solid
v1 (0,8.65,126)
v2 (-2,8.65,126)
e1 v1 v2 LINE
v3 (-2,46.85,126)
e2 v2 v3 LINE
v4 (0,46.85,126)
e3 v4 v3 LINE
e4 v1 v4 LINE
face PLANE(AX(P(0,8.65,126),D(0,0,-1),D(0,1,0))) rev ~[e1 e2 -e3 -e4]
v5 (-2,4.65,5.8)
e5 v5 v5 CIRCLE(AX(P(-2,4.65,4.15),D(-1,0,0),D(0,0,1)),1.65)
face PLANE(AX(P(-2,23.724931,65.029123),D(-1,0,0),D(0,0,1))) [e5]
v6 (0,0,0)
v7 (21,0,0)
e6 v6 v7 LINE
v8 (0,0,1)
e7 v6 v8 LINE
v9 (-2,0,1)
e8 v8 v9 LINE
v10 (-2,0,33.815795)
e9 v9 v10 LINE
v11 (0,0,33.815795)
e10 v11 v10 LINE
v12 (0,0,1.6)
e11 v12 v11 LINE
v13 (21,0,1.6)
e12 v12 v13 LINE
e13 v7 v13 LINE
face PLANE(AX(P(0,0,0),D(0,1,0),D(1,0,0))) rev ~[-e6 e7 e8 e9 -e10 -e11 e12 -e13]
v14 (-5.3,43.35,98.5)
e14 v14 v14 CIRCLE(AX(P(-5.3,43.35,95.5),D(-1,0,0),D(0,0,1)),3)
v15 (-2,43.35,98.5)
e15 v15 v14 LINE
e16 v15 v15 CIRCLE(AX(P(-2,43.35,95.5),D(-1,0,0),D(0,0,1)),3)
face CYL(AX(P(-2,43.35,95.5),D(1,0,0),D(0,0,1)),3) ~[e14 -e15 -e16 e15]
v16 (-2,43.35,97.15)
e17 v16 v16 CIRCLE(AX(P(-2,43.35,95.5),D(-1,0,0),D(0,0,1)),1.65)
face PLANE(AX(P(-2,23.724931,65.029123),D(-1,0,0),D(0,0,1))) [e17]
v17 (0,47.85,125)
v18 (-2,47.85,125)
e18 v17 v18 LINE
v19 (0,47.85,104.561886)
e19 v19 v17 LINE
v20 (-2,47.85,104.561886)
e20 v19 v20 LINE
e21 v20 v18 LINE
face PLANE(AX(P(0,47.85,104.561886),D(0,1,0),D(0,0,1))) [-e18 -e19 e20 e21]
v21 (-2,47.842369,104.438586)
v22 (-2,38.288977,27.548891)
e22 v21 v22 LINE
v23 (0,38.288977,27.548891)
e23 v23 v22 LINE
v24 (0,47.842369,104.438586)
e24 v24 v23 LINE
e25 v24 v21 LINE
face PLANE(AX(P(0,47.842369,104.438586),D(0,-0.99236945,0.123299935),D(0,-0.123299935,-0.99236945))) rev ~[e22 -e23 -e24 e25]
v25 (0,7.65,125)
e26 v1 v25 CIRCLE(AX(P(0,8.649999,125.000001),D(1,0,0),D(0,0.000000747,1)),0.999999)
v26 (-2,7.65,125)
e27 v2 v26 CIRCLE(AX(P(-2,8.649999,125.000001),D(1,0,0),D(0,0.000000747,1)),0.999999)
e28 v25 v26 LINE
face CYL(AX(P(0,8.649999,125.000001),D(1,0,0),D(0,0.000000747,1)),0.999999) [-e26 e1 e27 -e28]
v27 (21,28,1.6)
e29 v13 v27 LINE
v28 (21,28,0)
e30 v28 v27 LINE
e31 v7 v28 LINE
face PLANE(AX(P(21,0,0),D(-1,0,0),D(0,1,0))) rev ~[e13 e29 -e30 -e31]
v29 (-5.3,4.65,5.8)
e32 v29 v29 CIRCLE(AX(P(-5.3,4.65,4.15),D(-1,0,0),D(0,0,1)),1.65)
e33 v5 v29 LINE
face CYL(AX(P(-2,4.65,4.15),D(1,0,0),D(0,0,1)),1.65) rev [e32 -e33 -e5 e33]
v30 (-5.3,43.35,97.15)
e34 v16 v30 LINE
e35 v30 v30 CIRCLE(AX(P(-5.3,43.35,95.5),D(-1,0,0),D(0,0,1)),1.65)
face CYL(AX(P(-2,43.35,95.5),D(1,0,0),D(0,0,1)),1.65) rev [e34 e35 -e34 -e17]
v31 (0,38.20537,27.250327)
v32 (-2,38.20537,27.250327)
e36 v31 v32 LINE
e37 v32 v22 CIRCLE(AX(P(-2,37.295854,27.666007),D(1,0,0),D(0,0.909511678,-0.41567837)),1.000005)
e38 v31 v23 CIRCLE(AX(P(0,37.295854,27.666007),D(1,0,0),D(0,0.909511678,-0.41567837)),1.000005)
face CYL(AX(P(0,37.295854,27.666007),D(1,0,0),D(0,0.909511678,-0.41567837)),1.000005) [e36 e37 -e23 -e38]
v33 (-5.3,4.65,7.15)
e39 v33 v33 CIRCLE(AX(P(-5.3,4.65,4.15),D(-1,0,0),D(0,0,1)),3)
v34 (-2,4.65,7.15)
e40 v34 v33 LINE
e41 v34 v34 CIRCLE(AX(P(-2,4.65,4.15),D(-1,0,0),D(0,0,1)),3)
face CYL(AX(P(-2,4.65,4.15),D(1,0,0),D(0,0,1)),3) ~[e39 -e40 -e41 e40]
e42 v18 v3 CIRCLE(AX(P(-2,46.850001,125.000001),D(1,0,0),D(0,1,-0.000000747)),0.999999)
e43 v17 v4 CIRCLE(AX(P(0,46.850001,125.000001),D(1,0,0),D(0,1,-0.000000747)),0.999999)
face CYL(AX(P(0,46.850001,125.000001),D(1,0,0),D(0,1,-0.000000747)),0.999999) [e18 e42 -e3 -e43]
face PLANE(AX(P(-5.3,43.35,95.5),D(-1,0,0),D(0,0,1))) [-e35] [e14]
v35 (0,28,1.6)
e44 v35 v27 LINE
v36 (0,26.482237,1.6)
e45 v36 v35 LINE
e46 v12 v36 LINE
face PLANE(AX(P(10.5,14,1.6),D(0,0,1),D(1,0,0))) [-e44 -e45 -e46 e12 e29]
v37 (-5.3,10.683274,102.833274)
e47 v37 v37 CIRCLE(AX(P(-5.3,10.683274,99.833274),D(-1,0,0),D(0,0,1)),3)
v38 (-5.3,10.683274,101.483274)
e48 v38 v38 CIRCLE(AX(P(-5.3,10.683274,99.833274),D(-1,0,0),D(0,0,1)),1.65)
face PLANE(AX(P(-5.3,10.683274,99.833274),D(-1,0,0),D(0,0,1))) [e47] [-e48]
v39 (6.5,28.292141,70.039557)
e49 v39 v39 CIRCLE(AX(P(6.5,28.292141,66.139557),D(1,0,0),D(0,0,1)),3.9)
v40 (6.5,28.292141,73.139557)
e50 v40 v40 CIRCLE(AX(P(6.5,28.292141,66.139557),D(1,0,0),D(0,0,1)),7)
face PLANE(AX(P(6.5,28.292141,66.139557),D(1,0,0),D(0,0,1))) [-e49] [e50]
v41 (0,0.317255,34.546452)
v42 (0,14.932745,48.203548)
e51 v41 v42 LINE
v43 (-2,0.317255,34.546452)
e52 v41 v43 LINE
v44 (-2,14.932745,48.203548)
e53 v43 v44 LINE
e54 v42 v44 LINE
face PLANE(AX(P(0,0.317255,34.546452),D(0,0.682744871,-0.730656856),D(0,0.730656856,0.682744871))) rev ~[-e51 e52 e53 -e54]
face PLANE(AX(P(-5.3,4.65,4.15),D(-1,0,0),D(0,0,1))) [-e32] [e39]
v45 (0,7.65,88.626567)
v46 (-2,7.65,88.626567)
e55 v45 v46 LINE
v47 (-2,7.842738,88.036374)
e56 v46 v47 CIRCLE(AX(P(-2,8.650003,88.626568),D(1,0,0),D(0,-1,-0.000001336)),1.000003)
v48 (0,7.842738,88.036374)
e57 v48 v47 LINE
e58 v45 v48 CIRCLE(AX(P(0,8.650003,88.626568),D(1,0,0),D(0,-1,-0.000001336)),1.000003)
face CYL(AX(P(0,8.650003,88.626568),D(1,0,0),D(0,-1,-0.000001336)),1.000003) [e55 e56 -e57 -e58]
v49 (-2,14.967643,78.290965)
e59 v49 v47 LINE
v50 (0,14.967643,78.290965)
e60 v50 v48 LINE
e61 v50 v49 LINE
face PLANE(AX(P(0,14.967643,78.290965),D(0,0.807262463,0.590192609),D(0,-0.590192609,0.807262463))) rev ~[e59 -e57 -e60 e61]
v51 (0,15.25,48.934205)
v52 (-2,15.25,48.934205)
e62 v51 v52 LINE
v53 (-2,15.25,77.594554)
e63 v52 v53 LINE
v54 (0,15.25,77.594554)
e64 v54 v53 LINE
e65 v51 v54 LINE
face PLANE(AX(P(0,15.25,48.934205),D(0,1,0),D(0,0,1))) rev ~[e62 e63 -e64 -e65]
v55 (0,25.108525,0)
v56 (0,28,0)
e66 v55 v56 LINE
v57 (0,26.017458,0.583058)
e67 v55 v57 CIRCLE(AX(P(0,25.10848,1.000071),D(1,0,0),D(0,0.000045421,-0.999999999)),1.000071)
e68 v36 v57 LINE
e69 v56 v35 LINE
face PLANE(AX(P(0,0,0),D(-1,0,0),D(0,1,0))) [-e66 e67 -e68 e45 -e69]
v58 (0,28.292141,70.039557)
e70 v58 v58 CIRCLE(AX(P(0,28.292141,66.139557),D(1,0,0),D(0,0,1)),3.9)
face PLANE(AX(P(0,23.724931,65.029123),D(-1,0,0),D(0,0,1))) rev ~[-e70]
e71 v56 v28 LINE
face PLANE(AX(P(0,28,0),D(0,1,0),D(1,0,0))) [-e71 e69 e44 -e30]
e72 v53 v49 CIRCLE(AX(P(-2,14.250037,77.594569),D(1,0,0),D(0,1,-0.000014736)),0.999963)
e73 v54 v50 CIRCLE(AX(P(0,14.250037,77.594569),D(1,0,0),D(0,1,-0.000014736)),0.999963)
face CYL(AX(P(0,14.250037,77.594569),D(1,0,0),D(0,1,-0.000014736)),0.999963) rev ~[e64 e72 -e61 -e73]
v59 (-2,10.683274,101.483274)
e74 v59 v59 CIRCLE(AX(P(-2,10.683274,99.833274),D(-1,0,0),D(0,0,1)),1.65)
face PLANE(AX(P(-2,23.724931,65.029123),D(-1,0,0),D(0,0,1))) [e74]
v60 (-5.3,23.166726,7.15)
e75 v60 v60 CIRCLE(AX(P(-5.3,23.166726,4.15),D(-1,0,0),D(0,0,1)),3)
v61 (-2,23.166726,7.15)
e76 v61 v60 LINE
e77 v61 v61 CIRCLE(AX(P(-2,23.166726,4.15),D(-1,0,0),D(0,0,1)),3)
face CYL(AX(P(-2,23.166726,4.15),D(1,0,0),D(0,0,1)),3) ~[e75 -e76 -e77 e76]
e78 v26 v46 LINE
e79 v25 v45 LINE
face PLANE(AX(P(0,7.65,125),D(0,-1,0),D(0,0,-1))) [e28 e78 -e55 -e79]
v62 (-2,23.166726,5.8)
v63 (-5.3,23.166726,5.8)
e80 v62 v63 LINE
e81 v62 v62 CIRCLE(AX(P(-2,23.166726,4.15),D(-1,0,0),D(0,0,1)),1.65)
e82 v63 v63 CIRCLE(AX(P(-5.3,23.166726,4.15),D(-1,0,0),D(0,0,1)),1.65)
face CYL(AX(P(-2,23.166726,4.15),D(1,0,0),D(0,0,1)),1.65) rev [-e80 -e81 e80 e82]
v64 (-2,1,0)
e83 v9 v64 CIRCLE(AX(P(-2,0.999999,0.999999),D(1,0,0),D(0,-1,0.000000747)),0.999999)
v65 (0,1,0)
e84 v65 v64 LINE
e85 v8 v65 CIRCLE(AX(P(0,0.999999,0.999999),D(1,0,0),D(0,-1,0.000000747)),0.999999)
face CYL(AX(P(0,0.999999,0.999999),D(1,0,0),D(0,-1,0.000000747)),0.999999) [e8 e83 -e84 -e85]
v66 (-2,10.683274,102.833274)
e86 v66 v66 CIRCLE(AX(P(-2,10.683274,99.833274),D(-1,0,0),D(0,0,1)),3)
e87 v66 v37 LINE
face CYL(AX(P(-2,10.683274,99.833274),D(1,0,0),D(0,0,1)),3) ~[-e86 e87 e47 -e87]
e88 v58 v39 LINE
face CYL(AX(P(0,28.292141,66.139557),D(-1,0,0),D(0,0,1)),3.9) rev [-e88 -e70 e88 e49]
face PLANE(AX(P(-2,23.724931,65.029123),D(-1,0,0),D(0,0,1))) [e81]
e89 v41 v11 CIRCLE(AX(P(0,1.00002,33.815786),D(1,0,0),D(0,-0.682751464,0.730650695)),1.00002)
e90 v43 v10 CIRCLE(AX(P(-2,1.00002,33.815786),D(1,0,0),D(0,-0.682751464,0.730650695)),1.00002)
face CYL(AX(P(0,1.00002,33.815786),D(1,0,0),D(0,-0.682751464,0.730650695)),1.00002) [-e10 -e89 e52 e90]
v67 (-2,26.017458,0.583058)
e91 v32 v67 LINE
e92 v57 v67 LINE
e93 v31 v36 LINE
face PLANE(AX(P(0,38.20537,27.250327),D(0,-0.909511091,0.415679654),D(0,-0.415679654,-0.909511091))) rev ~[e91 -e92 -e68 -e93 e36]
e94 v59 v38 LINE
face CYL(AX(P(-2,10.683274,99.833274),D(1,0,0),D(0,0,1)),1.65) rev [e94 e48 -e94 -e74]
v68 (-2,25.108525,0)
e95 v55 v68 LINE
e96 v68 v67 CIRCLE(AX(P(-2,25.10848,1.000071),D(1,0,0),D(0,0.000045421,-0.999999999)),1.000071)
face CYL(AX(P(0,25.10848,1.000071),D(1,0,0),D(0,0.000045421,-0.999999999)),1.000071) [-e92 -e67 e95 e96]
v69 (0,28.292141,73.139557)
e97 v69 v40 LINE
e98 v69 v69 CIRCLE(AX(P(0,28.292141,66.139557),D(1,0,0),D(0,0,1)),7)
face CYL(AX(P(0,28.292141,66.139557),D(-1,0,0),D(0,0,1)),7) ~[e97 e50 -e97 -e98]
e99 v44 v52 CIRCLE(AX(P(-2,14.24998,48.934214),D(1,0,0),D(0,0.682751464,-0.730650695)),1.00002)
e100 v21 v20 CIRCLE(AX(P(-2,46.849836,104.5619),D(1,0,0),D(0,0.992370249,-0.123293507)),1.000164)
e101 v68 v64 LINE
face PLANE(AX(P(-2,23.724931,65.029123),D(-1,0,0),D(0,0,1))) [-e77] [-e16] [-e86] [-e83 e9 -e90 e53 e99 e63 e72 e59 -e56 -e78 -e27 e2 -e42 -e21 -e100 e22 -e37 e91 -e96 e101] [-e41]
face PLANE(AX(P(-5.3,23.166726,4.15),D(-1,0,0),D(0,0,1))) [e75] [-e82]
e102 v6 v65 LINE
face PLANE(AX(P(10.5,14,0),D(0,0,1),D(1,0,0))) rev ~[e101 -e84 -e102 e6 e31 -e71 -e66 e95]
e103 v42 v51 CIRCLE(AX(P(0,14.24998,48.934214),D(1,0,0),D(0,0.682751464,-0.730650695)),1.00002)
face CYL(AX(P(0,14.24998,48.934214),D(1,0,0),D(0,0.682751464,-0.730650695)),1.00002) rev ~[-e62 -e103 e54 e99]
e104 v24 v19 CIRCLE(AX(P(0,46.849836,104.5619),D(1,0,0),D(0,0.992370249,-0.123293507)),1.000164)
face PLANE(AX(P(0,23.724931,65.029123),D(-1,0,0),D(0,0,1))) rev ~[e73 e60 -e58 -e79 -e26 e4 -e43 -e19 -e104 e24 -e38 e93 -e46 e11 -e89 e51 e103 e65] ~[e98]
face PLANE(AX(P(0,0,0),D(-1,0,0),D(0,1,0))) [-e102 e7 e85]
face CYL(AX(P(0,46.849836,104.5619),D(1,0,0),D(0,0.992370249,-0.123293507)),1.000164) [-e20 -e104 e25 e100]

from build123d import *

# Parameters (mm, degrees)
PAD_DEPTH             = 2
PCB_SKETCH_F9E005_R   = 3
PCB_SKETCH_F9E005_R_2 = 1.65
PAD003_DEPTH          = 3.3
SKETCH_W              = 21
SKETCH_H              = 28
PAD015_DEPTH          = 1.6
SKETCH017_R           = 7
SKETCH017_R_2         = 3.9
PAD016_DEPTH          = 6.5


with BuildPart() as part:
    # PCB_Sketch_f9e4 → Pad (new body)
    with BuildSketch(Plane.ZY):
        with BuildLine():
            Line((48.934205, 15.25), (77.594554, 15.25))
            ThreePointArc((77.594554, 15.25), (77.970292, 15.176729), (78.290965, 14.967643))
            Line((78.290965, 14.967643), (88.036374, 7.842738))
            ThreePointArc((88.626567, 7.65), (88.316134, 7.699405), (88.036374, 7.842738))
            Line((125, 7.65), (88.626567, 7.65))
            ThreePointArc((126, 8.65), (125.707107, 7.942893), (125, 7.65))
            Line((126, 8.65), (126, 45.95))
            Line((126, 45.95), (126, 46.85))
            ThreePointArc((125, 47.85), (125.707107, 47.557107), (126, 46.85))
            Line((104.561886, 47.85), (125, 47.85))
            ThreePointArc((104.438586, 47.842369), (104.500118, 47.84809), (104.561886, 47.85))
            Line((104.438586, 47.842369), (27.548891, 38.288977))
            ThreePointArc((27.250327, 38.20537), (27.396349, 38.258815), (27.548891, 38.288977))
            Line((27.250327, 38.20537), (0.583058, 26.017458))
            ThreePointArc((0, 25.108525), (0.158304, 25.648452), (0.583058, 26.017458))
            Line((0, 25.108525), (0, 1))
            ThreePointArc((1, 0), (0.292893, 0.292893), (0, 1))
            Line((1, 0), (33.815795, 0))
            ThreePointArc((34.546452, 0.317255), (34.214075, 0.082738), (33.815795, 0))
            Line((34.546452, 0.317255), (48.203548, 14.932745))
            ThreePointArc((48.203548, 14.932745), (48.535925, 15.167262), (48.934205, 15.25))
        make_face()
    extrude(amount=PAD_DEPTH)

    # PCB_Sketch_f9e005 (on Face21 of Pad) → Pad003 (join)
    with BuildSketch(Plane.ZY.offset(2)):
        with Locations((4.15, 23.166726)):
            Circle(PCB_SKETCH_F9E005_R)
        with Locations((4.15, 23.166726)):
            Circle(PCB_SKETCH_F9E005_R_2, mode=Mode.SUBTRACT)
        with Locations((4.15, 4.65)):
            Circle(PCB_SKETCH_F9E005_R)
        with Locations((4.15, 4.65)):
            Circle(PCB_SKETCH_F9E005_R_2, mode=Mode.SUBTRACT)
        with Locations((95.5, 43.35)):
            Circle(PCB_SKETCH_F9E005_R)
        with Locations((95.5, 43.35)):
            Circle(PCB_SKETCH_F9E005_R_2, mode=Mode.SUBTRACT)
        with Locations((99.833274, 10.683274)):
            Circle(PCB_SKETCH_F9E005_R)
        with Locations((99.833274, 10.683274)):
            Circle(PCB_SKETCH_F9E005_R_2, mode=Mode.SUBTRACT)
    extrude(amount=PAD003_DEPTH)

    # Sketch → Pad015 (join)
    with BuildSketch(Plane.XY):
        with Locations((10.5, 14)):
            Rectangle(SKETCH_W, SKETCH_H)
    extrude(amount=PAD015_DEPTH)

    # Sketch017 (on Face4 of Pad015) → Pad016 (join)
    with BuildSketch(Plane(origin=(0, 0, 0), x_dir=(0, 0, 1), z_dir=(1, 0, 0))):
        with Locations((66.139557, -28.292141)):
            Circle(SKETCH017_R)
        with Locations((66.139557, -28.292141)):
            Circle(SKETCH017_R_2, mode=Mode.SUBTRACT)
    extrude(amount=PAD016_DEPTH)


solid = part.part
